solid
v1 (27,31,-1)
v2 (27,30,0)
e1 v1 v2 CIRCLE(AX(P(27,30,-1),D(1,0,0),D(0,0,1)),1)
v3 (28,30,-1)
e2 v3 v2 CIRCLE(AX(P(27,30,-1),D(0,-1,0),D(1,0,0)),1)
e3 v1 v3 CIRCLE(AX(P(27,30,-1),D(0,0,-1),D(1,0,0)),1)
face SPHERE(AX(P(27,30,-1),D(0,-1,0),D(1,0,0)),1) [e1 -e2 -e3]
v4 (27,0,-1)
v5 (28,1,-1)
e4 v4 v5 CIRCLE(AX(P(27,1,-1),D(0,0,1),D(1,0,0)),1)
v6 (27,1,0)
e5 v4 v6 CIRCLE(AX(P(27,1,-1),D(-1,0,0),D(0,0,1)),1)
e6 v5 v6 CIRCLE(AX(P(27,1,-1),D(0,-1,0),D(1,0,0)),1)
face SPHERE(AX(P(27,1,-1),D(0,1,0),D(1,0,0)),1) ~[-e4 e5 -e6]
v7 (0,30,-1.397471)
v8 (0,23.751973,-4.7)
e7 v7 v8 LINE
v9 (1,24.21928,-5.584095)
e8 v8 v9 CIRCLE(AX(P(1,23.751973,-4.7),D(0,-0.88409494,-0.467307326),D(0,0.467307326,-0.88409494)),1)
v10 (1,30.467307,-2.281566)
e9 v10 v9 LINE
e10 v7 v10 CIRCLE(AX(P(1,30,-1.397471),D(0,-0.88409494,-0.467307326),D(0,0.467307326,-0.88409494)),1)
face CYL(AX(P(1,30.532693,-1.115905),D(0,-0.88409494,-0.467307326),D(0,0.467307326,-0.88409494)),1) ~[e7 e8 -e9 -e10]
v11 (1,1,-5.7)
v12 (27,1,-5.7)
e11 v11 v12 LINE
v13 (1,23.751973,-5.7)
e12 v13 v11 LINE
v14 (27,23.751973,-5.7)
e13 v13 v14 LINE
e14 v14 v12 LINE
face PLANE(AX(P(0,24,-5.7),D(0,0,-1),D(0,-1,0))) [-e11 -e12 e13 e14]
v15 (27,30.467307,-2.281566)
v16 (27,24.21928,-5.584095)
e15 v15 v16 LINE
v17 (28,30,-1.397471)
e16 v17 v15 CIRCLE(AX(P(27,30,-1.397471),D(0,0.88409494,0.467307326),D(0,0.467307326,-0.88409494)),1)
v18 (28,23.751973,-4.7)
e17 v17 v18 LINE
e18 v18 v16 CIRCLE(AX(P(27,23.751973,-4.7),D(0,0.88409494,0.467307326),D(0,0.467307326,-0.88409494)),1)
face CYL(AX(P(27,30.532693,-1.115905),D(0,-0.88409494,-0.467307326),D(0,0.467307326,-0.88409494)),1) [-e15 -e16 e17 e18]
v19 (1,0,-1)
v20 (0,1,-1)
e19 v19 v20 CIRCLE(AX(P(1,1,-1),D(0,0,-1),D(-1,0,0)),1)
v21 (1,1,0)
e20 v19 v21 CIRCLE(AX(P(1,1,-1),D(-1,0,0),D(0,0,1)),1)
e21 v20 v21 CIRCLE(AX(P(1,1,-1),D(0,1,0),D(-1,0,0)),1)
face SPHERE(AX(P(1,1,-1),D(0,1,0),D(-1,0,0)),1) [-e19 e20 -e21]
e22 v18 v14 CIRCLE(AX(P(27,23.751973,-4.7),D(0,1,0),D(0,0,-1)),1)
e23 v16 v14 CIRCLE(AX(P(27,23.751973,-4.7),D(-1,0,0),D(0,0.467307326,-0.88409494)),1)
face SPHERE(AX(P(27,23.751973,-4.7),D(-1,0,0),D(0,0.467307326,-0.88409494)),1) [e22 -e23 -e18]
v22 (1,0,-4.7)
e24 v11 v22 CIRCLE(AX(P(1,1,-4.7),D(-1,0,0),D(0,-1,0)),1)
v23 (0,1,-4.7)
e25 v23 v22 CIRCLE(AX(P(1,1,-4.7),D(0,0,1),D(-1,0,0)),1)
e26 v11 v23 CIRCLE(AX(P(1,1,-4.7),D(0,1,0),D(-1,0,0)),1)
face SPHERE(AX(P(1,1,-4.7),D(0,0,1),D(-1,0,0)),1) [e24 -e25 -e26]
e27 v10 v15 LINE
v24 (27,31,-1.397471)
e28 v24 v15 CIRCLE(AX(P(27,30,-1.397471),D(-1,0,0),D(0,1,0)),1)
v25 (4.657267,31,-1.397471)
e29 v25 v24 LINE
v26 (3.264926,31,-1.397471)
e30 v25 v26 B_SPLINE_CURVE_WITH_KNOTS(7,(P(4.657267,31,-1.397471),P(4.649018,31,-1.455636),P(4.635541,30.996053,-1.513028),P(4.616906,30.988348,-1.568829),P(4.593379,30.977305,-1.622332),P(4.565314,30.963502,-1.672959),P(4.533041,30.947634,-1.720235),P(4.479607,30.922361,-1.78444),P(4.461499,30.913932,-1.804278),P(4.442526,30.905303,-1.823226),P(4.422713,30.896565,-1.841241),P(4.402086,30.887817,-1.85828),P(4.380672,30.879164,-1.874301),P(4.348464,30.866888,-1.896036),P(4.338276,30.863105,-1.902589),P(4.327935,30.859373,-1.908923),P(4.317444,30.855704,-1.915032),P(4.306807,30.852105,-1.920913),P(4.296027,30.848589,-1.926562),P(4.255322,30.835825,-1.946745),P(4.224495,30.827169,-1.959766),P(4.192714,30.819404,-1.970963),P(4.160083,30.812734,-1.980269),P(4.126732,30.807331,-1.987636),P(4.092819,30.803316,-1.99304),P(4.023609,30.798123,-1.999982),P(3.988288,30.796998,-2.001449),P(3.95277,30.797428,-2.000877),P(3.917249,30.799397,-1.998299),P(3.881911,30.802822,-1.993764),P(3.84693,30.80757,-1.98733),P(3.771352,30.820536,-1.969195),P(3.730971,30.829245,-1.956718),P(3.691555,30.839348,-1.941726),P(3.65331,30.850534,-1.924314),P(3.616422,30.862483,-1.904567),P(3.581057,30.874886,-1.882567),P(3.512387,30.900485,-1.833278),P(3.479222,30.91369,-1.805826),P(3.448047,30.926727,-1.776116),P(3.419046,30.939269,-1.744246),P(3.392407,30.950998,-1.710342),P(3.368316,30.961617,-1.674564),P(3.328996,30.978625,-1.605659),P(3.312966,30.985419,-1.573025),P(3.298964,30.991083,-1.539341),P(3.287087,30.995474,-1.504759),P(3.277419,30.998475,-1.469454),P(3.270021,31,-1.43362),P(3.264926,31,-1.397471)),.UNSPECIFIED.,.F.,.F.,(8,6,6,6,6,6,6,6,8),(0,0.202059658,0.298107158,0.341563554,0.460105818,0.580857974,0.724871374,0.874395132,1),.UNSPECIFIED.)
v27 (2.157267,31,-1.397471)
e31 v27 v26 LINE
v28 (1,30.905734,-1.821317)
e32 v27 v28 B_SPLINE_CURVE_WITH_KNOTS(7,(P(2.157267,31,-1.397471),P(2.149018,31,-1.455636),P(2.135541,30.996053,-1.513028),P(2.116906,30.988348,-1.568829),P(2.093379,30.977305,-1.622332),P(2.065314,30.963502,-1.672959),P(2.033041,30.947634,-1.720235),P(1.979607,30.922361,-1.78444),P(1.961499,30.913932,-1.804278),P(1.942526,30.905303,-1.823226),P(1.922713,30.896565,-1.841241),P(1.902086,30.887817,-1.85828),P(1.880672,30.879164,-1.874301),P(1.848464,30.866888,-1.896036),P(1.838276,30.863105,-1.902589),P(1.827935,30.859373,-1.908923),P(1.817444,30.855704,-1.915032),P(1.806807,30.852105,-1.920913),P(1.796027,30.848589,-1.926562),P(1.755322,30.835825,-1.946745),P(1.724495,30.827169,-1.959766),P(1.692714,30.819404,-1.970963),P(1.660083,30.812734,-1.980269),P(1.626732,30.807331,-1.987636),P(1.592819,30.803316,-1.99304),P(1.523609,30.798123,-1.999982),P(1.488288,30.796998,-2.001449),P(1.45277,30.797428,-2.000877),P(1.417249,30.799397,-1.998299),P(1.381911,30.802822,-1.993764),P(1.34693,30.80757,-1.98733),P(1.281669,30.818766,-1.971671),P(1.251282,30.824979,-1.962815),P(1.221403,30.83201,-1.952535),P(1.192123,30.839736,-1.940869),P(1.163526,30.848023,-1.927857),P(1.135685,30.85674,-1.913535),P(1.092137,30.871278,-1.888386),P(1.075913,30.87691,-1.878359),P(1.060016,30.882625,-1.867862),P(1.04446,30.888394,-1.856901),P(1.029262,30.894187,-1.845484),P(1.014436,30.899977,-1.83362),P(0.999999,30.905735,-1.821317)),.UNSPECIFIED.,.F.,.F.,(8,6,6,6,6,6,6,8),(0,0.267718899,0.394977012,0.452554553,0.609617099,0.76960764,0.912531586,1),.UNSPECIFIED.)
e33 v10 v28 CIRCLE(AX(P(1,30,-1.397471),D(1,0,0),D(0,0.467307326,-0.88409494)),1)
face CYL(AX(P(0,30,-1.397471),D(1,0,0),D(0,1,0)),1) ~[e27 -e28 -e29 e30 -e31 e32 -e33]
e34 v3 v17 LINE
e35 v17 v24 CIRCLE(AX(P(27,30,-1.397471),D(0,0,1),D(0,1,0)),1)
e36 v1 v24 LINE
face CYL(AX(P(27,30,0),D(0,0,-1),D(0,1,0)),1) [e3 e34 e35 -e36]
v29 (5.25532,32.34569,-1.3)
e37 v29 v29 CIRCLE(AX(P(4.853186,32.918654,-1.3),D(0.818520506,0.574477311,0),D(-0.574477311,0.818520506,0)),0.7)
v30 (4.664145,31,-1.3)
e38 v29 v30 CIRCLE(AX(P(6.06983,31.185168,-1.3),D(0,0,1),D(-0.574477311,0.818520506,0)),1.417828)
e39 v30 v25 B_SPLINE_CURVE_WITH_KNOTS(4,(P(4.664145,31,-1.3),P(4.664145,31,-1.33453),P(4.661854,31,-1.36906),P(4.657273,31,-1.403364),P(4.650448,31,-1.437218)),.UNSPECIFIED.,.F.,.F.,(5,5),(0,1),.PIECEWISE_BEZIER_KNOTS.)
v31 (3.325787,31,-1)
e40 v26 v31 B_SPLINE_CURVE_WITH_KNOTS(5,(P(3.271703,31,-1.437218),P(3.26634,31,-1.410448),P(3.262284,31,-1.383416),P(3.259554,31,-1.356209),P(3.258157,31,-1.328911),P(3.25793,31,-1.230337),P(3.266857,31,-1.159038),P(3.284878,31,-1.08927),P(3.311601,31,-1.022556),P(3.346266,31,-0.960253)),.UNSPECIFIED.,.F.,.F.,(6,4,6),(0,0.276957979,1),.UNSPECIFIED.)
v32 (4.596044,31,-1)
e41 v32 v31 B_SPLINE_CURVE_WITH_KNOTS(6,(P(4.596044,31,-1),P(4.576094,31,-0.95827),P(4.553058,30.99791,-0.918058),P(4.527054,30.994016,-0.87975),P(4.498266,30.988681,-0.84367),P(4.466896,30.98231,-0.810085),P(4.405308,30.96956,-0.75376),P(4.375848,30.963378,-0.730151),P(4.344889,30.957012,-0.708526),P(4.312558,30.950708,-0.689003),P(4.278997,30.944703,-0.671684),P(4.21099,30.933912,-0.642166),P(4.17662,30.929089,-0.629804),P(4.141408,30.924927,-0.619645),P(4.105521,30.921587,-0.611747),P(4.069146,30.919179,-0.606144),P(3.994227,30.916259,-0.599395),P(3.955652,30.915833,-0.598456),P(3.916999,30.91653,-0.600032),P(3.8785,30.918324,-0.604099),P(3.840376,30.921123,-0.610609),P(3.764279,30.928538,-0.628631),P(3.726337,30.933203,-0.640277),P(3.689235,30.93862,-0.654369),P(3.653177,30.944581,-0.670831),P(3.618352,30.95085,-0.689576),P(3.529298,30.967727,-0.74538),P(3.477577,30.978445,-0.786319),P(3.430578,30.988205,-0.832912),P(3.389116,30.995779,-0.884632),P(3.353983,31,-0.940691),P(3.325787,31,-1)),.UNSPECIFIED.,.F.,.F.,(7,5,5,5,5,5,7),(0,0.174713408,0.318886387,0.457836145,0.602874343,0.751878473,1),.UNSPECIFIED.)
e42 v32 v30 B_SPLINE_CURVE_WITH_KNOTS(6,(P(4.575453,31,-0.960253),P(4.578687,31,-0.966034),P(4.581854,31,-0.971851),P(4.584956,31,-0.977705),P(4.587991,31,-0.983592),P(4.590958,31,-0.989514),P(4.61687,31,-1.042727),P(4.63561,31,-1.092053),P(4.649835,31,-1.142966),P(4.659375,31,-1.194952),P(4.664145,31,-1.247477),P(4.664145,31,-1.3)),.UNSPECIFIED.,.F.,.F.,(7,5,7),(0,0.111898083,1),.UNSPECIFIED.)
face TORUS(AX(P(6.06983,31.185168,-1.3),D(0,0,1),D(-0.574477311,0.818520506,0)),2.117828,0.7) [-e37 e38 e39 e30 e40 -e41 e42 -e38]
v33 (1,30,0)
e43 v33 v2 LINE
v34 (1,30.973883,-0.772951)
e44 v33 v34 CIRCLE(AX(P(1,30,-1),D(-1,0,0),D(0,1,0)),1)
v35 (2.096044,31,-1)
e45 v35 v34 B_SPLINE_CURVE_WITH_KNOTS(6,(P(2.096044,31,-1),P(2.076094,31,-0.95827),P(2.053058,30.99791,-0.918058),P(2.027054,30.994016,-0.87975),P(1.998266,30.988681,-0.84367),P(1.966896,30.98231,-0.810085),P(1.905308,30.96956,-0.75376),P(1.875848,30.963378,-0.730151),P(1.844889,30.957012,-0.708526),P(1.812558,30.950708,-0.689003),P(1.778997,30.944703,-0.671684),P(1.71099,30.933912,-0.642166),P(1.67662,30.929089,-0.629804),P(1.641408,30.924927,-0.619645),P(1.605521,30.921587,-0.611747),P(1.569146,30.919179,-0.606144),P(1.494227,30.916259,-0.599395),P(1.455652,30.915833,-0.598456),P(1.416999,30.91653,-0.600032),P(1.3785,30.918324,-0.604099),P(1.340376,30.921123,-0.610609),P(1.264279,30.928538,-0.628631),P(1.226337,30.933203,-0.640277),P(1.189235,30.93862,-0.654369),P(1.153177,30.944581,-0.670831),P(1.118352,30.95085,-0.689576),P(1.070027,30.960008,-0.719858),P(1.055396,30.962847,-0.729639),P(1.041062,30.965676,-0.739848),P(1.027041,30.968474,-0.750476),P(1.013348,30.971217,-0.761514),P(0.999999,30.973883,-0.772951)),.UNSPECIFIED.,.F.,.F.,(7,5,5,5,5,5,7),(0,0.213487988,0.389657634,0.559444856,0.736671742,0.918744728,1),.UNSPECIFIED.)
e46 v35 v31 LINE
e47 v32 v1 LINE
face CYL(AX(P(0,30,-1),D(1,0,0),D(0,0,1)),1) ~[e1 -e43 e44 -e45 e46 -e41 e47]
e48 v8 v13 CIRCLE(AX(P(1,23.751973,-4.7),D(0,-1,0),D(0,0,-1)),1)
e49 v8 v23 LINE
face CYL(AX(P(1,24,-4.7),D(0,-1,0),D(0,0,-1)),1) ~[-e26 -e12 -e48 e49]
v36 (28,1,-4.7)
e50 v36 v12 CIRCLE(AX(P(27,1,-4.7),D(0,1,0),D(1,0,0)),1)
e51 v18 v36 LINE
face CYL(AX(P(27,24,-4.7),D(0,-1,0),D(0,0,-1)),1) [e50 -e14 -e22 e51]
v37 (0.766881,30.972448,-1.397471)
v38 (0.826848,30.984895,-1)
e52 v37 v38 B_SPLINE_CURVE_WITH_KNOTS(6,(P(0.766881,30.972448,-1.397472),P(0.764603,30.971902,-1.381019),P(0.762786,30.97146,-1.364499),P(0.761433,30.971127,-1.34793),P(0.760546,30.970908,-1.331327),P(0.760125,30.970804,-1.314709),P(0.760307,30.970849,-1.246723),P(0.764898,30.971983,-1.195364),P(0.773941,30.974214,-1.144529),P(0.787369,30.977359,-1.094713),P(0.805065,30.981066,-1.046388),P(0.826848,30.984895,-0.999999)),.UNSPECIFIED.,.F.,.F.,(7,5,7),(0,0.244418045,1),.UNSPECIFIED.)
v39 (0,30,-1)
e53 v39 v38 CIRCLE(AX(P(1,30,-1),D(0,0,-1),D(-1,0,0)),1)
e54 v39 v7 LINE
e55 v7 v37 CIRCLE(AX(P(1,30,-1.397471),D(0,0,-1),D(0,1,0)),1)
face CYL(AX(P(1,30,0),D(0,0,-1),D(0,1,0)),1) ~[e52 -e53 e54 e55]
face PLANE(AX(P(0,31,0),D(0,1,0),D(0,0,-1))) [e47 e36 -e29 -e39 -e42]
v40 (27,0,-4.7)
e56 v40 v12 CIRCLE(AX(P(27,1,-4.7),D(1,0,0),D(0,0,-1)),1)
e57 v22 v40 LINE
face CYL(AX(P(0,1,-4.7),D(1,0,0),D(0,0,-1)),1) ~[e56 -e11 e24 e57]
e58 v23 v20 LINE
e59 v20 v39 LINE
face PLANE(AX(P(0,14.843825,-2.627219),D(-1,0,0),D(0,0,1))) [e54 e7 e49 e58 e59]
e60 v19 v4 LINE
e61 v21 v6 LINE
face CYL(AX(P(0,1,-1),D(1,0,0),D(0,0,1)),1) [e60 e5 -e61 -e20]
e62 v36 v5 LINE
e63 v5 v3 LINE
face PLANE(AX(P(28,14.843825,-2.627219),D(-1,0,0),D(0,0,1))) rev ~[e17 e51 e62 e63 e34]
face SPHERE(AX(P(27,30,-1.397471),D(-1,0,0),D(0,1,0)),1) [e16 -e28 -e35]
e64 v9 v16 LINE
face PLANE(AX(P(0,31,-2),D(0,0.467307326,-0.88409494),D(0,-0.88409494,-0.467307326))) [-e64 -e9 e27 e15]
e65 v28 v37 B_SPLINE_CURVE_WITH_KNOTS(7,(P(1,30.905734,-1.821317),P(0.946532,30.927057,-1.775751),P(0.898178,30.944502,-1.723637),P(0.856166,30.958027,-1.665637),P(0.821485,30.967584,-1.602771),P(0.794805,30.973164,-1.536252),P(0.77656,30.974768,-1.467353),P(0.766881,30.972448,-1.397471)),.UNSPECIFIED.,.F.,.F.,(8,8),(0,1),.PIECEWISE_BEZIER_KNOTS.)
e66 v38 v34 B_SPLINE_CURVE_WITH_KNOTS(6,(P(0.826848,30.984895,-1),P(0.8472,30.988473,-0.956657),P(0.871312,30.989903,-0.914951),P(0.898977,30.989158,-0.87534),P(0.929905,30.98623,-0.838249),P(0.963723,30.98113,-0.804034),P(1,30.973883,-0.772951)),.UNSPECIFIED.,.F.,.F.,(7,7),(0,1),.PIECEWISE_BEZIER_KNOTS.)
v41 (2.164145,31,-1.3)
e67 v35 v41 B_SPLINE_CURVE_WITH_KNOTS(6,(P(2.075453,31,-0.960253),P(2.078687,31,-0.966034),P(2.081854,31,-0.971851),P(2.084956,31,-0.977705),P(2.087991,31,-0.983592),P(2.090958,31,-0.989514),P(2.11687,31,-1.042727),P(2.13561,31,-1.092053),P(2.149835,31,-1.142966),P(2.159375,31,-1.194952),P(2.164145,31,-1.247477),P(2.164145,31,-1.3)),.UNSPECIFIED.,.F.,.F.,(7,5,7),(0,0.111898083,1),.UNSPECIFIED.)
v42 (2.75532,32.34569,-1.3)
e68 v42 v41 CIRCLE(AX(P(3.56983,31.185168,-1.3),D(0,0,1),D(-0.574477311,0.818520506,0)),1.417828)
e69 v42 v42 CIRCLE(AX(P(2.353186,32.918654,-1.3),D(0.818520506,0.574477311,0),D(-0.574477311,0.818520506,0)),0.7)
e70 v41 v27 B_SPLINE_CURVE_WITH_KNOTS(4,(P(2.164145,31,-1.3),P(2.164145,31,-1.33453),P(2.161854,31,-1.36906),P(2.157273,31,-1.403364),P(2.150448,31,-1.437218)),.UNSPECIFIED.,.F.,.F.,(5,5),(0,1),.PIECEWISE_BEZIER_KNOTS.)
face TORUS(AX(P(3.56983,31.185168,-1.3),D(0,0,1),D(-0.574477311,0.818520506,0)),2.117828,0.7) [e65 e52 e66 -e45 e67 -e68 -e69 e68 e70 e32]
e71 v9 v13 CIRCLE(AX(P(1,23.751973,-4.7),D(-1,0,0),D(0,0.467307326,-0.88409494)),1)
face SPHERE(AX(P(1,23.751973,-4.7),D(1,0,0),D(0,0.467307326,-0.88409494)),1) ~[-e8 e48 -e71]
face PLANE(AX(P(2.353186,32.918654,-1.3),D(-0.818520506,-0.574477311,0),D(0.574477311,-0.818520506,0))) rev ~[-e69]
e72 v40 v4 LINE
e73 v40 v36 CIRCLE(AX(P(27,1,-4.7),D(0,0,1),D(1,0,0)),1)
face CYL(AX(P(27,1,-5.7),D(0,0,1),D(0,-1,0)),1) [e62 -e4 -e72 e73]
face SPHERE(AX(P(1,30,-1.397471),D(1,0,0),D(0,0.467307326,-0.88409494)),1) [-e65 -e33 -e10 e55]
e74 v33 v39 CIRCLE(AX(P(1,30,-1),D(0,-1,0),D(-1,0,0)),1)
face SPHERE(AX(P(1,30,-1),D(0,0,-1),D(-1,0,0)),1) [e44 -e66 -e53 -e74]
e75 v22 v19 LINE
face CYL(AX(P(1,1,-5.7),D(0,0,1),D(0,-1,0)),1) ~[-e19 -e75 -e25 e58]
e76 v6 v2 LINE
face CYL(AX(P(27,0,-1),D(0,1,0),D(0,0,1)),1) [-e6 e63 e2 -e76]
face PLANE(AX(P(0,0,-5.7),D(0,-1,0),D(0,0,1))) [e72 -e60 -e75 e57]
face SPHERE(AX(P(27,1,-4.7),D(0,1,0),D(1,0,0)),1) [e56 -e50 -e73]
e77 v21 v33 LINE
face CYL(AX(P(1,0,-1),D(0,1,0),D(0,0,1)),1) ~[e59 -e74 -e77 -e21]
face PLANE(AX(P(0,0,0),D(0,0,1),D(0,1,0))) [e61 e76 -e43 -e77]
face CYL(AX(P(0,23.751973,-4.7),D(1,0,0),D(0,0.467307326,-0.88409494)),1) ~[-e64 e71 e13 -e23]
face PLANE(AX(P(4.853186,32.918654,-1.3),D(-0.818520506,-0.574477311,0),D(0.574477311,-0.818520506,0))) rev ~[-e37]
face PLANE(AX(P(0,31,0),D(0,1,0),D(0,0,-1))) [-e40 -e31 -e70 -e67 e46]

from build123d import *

# Parameters (mm, degrees)
BOSS_EXTRUDE1_DEPTH = 28
FILLET1_R           = 1
SWEEP1_PROFILE_R    = 0.7
LPATTERN1_COUNT     = 2
LPATTERN1_PITCH     = 2.5


with BuildPart() as part:
    # Sketch1 → Boss-Extrude1 (new body)
    with BuildSketch(Plane(origin=(0, 0, 0), x_dir=(0, 0, -1), z_dir=(1, 0, 0))):
        Polygon((0, 0), (0, 31), (2, 31), (5.7, 24), (5.7, 0), align=None)
    extrude(amount=BOSS_EXTRUDE1_DEPTH)

    # Fillet1
    fillet1_edges = [part.edges().sort_by_distance(p)[0] for p in [
        (28, 15.5, 0),
        (28, 31, -1),
        (28, 27.5, -3.85),
        (28, 12, -5.7),
        (0, 27.5, -3.85),
        (0, 31, -1),
        (0, 15.5, 0),
        (0, 0, -2.85),
        (0, 12, -5.7),
        (28, 0, -2.85),
        (14, 24, -5.7),
        (14, 31, -2),
        (14, 31, 0),
        (14, 0, 0),
        (14, 0, -5.7),
    ]]
    fillet(fillet1_edges, radius=FILLET1_R)

    # Sweep1: sweep along a path in Sketch2
    with BuildLine(Plane.XY.offset(-1.3)) as sweep1_path:
        ThreePointArc((2.353185581, 32.918653967), (1.45227767, 31.219358637), (2.297855958, 29.491864196))
    # Sweep1 profile (on start of the path) → Sweep1 (sweep)
    with BuildSketch(Plane(origin=(2.353185581, 32.918653967, -1.3), x_dir=(0.5744773116902536, -0.8185205057621582, 0), z_dir=(-0.8185205057621582, -0.5744773116902536, 0))):
        Circle(SWEEP1_PROFILE_R)
    sweep1 = sweep(path=sweep1_path.line)

    # LPattern1: Sweep1 ×2
    with Locations(*[(i * LPATTERN1_PITCH, 0, 0) for i in range(1, LPATTERN1_COUNT)]):
        add(sweep1)


solid = part.part
